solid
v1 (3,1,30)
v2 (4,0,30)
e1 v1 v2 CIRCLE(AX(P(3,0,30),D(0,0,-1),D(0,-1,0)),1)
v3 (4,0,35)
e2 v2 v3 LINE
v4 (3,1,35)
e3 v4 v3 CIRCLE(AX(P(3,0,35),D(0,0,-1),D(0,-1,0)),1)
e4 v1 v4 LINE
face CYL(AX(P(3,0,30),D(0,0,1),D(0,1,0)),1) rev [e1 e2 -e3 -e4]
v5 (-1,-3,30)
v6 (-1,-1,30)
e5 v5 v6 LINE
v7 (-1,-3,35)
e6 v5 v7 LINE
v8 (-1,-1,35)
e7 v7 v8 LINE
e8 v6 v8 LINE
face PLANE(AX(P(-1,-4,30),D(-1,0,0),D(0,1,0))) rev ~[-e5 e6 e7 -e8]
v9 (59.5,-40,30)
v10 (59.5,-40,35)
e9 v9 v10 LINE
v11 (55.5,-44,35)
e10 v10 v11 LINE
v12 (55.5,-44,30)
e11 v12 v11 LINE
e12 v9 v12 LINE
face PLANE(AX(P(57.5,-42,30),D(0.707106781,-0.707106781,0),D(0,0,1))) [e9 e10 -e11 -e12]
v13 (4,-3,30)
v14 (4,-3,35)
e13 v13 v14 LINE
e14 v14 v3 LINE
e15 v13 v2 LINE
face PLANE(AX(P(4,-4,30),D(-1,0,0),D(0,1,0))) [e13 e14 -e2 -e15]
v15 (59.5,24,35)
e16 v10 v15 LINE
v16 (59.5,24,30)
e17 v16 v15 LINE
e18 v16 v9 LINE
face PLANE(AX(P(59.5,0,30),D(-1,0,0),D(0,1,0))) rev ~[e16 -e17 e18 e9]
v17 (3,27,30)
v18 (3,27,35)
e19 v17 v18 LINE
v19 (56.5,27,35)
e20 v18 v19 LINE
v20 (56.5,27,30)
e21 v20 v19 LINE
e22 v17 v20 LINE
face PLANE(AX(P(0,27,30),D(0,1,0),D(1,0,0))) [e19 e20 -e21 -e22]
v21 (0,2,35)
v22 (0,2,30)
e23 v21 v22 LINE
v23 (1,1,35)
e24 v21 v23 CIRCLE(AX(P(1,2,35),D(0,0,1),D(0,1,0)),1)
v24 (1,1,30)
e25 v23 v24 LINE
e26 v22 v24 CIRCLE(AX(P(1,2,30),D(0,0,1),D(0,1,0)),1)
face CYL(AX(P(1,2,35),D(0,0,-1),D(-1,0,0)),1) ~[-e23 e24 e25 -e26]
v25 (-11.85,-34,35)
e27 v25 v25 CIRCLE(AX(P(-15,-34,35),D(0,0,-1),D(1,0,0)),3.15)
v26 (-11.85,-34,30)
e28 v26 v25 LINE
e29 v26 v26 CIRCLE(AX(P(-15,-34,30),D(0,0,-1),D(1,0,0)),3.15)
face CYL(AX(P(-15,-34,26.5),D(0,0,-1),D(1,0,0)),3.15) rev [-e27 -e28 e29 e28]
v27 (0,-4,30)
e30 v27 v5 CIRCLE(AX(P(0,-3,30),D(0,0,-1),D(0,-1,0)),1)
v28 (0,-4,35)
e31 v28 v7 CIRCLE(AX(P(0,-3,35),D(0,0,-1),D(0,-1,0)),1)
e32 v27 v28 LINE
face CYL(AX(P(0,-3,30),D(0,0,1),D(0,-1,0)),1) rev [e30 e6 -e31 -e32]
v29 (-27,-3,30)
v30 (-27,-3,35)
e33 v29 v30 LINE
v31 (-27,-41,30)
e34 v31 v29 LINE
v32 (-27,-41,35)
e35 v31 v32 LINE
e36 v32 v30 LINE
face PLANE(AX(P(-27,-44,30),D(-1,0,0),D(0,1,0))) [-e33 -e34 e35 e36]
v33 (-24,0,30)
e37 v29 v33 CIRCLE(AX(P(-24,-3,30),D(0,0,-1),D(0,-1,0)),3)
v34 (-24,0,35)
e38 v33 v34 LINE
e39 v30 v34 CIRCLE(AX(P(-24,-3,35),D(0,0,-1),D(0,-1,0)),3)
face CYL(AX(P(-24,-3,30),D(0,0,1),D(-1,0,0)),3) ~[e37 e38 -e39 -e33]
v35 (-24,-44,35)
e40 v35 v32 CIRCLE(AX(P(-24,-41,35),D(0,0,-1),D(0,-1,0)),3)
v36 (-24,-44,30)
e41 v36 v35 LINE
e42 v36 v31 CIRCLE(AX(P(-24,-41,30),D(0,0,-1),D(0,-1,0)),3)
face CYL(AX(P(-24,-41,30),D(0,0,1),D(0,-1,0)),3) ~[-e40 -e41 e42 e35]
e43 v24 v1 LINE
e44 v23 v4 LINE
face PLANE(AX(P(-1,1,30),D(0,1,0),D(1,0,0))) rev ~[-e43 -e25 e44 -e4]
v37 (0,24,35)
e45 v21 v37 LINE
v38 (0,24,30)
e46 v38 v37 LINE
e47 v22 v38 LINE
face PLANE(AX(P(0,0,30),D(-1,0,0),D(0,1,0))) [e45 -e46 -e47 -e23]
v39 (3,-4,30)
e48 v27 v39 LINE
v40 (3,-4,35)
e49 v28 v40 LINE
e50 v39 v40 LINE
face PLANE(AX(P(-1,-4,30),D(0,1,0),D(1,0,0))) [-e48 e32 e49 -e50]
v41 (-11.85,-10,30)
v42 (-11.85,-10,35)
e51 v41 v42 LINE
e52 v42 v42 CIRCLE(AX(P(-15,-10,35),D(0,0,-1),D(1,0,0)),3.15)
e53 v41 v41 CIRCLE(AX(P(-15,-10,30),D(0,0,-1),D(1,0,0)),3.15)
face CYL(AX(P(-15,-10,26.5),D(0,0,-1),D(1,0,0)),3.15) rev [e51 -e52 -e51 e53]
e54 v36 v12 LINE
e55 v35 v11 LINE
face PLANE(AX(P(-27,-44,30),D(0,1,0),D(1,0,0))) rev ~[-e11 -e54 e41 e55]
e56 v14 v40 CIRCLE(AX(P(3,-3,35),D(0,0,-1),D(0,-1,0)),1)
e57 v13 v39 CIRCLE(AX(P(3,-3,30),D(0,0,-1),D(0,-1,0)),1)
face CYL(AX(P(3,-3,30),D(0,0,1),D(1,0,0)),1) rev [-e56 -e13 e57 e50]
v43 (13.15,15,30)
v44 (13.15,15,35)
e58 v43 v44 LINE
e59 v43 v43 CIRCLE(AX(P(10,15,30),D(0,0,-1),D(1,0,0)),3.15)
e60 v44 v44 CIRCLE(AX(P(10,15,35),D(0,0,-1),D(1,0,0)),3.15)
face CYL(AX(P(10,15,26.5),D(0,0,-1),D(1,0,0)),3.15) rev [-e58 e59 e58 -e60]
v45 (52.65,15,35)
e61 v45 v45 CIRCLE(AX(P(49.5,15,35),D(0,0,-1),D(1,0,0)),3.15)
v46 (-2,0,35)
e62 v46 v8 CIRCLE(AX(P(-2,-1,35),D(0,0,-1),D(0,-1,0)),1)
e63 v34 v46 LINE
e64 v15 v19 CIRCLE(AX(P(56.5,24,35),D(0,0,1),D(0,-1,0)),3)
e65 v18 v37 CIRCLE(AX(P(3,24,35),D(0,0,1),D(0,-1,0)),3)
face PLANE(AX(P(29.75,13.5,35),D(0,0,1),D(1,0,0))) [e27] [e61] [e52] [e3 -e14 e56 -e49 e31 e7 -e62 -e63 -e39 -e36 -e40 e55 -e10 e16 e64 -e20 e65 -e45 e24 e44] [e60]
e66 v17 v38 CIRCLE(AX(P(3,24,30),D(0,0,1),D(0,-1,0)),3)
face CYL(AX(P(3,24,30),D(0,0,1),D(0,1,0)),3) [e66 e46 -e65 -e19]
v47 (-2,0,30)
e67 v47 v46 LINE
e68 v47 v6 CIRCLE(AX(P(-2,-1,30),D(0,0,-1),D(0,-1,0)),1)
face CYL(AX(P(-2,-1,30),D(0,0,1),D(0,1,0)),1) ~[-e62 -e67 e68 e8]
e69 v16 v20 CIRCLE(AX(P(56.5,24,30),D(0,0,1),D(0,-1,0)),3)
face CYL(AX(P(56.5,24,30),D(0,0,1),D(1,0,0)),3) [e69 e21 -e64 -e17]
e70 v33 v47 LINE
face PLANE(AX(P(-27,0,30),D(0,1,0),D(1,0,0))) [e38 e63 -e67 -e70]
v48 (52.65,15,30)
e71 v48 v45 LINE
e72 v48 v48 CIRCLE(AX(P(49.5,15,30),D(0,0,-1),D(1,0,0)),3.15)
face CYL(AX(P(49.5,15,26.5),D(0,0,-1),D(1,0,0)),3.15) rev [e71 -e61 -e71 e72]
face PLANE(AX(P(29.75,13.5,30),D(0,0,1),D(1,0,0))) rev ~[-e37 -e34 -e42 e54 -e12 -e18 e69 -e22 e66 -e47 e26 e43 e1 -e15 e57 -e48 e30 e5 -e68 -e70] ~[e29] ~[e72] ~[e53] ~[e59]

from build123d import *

# Parameters (mm, degrees)
CYLINDER056_R     = 3.15
CYLINDER056_DEPTH = 10
CYLINDER055_R     = 3.15
CYLINDER055_DEPTH = 10
CYLINDER_R        = 3.15
CYLINDER_DEPTH    = 10
CYLINDER057_R     = 3.15
CYLINDER057_DEPTH = 10
BOX002_W          = 5
BOX002_H          = 5
BOX002_DEPTH      = 5
BOX001_W          = 59.5
BOX001_H          = 27
BOX001_DEPTH      = 5
BOX_W             = 86.5
BOX_H             = 44
BOX_DEPTH         = 5
CHAMFER_SIZE      = 4
FILLET_R          = 3
FILLET001_R       = 1


with BuildPart() as cylinder056:
    # Cylinder056 → Cylinder056 (new body)
    with BuildSketch(Plane(origin=(-15, -34, 26.5), x_dir=(1, 0, 0), z_dir=(0, 0, 1))):
        Circle(CYLINDER056_R)
    extrude(amount=CYLINDER056_DEPTH)


with BuildPart() as cylinder055:
    # Cylinder055 → Cylinder055 (new body)
    with BuildSketch(Plane(origin=(10, 15, 26.5), x_dir=(1, 0, 0), z_dir=(0, 0, 1))):
        Circle(CYLINDER055_R)
    extrude(amount=CYLINDER055_DEPTH)


with BuildPart() as cylinder:
    # Cylinder → Cylinder (new body)
    with BuildSketch(Plane(origin=(-15, -10, 26.5), x_dir=(1, 0, 0), z_dir=(0, 0, 1))):
        Circle(CYLINDER_R)
    extrude(amount=CYLINDER_DEPTH)


with BuildPart() as fusion006002011004053036004001002:
    # Cylinder057 → Cylinder057 (new body)
    with BuildSketch(Plane(origin=(49.5, 15, 26.5), x_dir=(1, 0, 0), z_dir=(0, 0, 1))):
        Circle(CYLINDER057_R)
    extrude(amount=CYLINDER057_DEPTH)

    # Fusion006002011004053036004001002: union Cylinder056, Cylinder055, Cylinder
    add(cylinder056.part)
    add(cylinder055.part)
    add(cylinder.part)


with BuildPart() as cube002:
    # Box002 → Box002 (new body)
    with BuildSketch(Plane(origin=(-1, -4, 30), x_dir=(1, 0, 0), z_dir=(0, 0, 1))):
        with Locations((2.5, 2.5)):
            Rectangle(BOX002_W, BOX002_H)
    extrude(amount=BOX002_DEPTH)


with BuildPart() as cube001:
    # Box001 → Box001 (new body)
    with BuildSketch(Plane.XY.offset(30)):
        with Locations((29.75, 13.5)):
            Rectangle(BOX001_W, BOX001_H)
    extrude(amount=BOX001_DEPTH)


with BuildPart() as base_plate:
    # Box → Box (new body)
    with BuildSketch(Plane(origin=(-27, -44, 30), x_dir=(1, 0, 0), z_dir=(0, 0, 1))):
        with Locations((43.25, 22)):
            Rectangle(BOX_W, BOX_H)
    extrude(amount=BOX_DEPTH)

    # Fusion: union Cube001
    add(cube001.part)

    # Cut: cut Cube002
    add(cube002.part, mode=Mode.SUBTRACT)

    # Chamfer
    chamfer_edges = [base_plate.edges().sort_by_distance(p)[0] for p in [
        (59.5, -44, 32.5),
    ]]
    chamfer(chamfer_edges, length=CHAMFER_SIZE)

    # Fillet
    fillet_edges = [base_plate.edges().sort_by_distance(p)[0] for p in [
        (-27, -44, 32.5),
        (-27, 0, 32.5),
        (59.5, 27, 32.5),
        (0, 27, 32.5),
    ]]
    fillet(fillet_edges, radius=FILLET_R)

    # Fillet001
    fillet001_edges = [base_plate.edges().sort_by_distance(p)[0] for p in [
        (-1, 0, 32.5),
        (4, -4, 32.5),
        (4, 1, 32.5),
        (-1, -4, 32.5),
        (0, 1, 32.5),
    ]]
    fillet(fillet001_edges, radius=FILLET001_R)

    # Cut002008: cut Fusion006002011004053036004001002
    add(fusion006002011004053036004001002.part, mode=Mode.SUBTRACT)


solid = base_plate.part
